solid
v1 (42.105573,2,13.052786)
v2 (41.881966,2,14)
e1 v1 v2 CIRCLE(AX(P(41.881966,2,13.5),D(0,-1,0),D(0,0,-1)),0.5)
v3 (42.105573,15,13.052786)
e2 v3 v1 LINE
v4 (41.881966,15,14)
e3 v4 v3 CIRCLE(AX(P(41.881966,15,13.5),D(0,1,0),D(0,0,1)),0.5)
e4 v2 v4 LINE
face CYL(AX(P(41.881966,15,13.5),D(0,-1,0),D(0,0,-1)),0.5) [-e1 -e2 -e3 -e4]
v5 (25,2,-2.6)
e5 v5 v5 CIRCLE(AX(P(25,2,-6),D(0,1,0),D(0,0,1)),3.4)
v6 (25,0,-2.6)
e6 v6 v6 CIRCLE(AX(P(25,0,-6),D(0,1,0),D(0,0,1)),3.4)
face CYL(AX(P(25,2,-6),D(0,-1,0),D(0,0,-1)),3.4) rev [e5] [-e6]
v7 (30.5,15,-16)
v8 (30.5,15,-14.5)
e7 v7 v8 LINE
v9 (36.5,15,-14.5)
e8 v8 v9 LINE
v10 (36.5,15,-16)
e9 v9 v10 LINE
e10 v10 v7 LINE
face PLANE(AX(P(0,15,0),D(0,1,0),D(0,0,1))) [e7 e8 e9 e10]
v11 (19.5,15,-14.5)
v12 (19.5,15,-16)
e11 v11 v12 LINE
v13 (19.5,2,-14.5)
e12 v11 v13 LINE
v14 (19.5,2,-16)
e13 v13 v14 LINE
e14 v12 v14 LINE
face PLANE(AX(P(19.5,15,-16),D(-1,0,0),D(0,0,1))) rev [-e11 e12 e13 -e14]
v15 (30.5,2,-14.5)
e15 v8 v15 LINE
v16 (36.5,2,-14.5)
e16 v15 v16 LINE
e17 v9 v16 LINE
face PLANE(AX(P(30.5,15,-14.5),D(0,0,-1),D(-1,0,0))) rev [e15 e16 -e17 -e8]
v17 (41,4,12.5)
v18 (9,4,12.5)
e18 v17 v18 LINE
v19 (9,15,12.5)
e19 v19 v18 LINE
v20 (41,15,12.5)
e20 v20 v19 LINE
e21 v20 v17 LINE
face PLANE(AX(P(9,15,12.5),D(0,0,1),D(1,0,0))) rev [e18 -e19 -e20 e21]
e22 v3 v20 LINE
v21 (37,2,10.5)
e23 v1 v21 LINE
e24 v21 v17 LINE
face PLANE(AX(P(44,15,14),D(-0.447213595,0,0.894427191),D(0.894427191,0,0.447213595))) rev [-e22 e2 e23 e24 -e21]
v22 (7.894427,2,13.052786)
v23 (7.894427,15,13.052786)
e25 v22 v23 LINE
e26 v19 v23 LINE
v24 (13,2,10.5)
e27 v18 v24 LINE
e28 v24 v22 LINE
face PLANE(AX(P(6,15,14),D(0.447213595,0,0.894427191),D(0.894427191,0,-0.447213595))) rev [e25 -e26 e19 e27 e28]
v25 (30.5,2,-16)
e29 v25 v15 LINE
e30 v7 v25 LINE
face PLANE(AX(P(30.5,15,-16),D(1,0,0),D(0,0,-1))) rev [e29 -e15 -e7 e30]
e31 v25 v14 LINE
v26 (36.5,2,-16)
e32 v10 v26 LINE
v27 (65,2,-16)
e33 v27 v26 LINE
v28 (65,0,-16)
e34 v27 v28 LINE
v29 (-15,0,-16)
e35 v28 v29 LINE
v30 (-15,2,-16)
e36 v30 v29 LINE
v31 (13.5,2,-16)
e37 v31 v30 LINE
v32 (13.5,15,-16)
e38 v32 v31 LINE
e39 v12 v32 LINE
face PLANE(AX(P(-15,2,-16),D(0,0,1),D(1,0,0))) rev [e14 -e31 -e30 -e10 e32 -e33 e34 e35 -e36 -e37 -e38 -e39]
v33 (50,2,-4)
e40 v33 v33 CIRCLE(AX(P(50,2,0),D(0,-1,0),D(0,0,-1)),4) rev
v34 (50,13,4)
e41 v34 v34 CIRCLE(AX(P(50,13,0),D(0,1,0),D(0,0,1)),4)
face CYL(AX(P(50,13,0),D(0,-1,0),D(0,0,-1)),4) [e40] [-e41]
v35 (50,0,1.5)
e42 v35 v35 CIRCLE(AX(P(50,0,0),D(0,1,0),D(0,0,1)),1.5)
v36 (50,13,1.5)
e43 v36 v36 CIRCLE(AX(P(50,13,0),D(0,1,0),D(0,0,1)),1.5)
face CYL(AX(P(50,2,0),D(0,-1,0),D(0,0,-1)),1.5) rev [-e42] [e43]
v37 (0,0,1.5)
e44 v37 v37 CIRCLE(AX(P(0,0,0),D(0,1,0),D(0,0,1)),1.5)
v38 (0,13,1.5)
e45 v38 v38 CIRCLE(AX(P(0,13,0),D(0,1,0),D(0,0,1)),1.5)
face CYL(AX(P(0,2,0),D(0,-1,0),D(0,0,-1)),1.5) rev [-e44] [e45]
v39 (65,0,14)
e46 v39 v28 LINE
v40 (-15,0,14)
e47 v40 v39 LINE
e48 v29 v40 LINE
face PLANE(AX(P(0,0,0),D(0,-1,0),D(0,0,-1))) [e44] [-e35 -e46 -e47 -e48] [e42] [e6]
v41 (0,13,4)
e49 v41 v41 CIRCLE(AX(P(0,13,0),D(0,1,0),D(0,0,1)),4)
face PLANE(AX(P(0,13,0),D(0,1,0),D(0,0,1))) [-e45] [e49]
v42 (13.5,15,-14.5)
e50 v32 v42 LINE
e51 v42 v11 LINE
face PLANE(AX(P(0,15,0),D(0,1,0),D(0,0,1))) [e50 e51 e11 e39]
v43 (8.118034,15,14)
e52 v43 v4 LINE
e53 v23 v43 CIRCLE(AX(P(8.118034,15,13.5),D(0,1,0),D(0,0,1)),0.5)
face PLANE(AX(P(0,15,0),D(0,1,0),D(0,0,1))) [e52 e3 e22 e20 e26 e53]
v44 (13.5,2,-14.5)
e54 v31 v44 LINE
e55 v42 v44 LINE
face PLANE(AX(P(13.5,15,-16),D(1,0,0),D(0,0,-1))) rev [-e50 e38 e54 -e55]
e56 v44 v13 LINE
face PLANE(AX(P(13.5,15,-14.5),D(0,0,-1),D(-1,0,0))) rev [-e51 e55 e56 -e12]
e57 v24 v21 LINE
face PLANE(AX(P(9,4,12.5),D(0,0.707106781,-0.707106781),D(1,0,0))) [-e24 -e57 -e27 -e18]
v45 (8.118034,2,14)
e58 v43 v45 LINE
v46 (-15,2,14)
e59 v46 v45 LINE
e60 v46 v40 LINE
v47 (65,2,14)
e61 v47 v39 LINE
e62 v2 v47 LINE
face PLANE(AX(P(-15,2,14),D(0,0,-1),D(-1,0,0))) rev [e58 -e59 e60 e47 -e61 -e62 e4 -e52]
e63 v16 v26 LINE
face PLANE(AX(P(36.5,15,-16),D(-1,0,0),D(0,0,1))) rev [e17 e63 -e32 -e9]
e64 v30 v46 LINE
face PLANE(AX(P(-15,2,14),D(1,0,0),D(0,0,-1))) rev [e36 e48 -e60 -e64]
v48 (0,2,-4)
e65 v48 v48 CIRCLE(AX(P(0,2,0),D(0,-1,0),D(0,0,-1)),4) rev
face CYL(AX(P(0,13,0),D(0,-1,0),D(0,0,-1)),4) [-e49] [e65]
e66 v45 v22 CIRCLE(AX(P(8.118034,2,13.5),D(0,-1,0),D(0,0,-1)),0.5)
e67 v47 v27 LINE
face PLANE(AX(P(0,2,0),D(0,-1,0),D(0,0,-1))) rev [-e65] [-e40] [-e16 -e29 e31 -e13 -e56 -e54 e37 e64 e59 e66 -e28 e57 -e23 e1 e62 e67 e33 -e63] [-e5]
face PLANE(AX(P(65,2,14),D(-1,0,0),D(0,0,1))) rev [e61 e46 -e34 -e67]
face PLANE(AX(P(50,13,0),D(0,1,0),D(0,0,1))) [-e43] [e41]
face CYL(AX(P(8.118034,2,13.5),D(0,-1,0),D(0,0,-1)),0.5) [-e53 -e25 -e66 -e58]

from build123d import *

# Parameters (mm, degrees)
SKETCH2_W           = 80
SKETCH2_H           = 30
SKETCH2_R           = 1.5
SKETCH2_R_2         = 3.4
BOSS_EXTRUDE1_DEPTH = 2
SKETCH3_W           = 6
SKETCH3_H           = 1.5
BOSS_EXTRUDE2_DEPTH = 13
SKETCH9_R           = 4
SKETCH9_R_2         = 1.5
BOSS_EXTRUDE4_DEPTH = 11
FILLET1_R           = 0.5
CHAMFER1_SIZE       = 2


with BuildPart() as part:
    # Sketch2 → Boss-Extrude1 (new body)
    with BuildSketch(Plane(origin=(0, 0, 0), x_dir=(1, 0, 0), z_dir=(0, 1, 0))):
        with Locations((25, 1)):
            Rectangle(SKETCH2_W, SKETCH2_H)
        with Locations(Location((0, 0, 0), (0, 0, 270))):  # turned: the seam where the file's is
            Circle(SKETCH2_R, mode=Mode.SUBTRACT)
        with Locations(Location((50, 0, 0), (0, 0, 270))):  # turned: the seam where the file's is
            Circle(SKETCH2_R, mode=Mode.SUBTRACT)
        with Locations(Location((25, 6, 0), (0, 0, 270))):  # turned: the seam where the file's is
            Circle(SKETCH2_R_2, mode=Mode.SUBTRACT)
    extrude(amount=BOSS_EXTRUDE1_DEPTH)

    # Sketch3 → Boss-Extrude2 (add)
    with BuildSketch(Plane(origin=(0, 2, 0), x_dir=(1, 0, 0), z_dir=(0, 1, 0))):
        Polygon((6, -14), (44, -14), (41, -12.5), (9, -12.5), align=None)
        with Locations((16.5, 15.25)):
            Rectangle(SKETCH3_W, SKETCH3_H)
        with Locations((33.5, 15.25)):
            Rectangle(SKETCH3_W, SKETCH3_H)
    extrude(amount=BOSS_EXTRUDE2_DEPTH)

    # Sketch9 → Boss-Extrude4 (add)
    with BuildSketch(Plane(origin=(0, 2, 0), x_dir=(1, 0, 0), z_dir=(0, 1, 0))):
        with Locations(Location((50, 0, 0), (0, 0, 90))):  # turned: the seam where the file's is
            Circle(SKETCH9_R)
        with Locations(Location((50, 0, 0), (0, 0, 270))):  # turned: the seam where the file's is
            Circle(SKETCH9_R_2, mode=Mode.SUBTRACT)
        with Locations(Location((0, 0, 0), (0, 0, 90))):  # turned: the seam where the file's is
            Circle(SKETCH9_R)
        with Locations(Location((0, 0, 0), (0, 0, 270))):  # turned: the seam where the file's is
            Circle(SKETCH9_R_2, mode=Mode.SUBTRACT)
    extrude(amount=BOSS_EXTRUDE4_DEPTH)

    # Fillet1
    fillet1_edges = [part.edges().sort_by_distance(p)[0] for p in [
        (6, 8.5, 14),
        (44, 8.5, 14),
    ]]
    fillet(fillet1_edges, radius=FILLET1_R)

    # Chamfer1
    chamfer1_edges = [part.edges().sort_by_distance(p)[0] for p in [
        (25, 2, 12.5),
    ]]
    chamfer(chamfer1_edges, length=CHAMFER1_SIZE)


solid = part.part
